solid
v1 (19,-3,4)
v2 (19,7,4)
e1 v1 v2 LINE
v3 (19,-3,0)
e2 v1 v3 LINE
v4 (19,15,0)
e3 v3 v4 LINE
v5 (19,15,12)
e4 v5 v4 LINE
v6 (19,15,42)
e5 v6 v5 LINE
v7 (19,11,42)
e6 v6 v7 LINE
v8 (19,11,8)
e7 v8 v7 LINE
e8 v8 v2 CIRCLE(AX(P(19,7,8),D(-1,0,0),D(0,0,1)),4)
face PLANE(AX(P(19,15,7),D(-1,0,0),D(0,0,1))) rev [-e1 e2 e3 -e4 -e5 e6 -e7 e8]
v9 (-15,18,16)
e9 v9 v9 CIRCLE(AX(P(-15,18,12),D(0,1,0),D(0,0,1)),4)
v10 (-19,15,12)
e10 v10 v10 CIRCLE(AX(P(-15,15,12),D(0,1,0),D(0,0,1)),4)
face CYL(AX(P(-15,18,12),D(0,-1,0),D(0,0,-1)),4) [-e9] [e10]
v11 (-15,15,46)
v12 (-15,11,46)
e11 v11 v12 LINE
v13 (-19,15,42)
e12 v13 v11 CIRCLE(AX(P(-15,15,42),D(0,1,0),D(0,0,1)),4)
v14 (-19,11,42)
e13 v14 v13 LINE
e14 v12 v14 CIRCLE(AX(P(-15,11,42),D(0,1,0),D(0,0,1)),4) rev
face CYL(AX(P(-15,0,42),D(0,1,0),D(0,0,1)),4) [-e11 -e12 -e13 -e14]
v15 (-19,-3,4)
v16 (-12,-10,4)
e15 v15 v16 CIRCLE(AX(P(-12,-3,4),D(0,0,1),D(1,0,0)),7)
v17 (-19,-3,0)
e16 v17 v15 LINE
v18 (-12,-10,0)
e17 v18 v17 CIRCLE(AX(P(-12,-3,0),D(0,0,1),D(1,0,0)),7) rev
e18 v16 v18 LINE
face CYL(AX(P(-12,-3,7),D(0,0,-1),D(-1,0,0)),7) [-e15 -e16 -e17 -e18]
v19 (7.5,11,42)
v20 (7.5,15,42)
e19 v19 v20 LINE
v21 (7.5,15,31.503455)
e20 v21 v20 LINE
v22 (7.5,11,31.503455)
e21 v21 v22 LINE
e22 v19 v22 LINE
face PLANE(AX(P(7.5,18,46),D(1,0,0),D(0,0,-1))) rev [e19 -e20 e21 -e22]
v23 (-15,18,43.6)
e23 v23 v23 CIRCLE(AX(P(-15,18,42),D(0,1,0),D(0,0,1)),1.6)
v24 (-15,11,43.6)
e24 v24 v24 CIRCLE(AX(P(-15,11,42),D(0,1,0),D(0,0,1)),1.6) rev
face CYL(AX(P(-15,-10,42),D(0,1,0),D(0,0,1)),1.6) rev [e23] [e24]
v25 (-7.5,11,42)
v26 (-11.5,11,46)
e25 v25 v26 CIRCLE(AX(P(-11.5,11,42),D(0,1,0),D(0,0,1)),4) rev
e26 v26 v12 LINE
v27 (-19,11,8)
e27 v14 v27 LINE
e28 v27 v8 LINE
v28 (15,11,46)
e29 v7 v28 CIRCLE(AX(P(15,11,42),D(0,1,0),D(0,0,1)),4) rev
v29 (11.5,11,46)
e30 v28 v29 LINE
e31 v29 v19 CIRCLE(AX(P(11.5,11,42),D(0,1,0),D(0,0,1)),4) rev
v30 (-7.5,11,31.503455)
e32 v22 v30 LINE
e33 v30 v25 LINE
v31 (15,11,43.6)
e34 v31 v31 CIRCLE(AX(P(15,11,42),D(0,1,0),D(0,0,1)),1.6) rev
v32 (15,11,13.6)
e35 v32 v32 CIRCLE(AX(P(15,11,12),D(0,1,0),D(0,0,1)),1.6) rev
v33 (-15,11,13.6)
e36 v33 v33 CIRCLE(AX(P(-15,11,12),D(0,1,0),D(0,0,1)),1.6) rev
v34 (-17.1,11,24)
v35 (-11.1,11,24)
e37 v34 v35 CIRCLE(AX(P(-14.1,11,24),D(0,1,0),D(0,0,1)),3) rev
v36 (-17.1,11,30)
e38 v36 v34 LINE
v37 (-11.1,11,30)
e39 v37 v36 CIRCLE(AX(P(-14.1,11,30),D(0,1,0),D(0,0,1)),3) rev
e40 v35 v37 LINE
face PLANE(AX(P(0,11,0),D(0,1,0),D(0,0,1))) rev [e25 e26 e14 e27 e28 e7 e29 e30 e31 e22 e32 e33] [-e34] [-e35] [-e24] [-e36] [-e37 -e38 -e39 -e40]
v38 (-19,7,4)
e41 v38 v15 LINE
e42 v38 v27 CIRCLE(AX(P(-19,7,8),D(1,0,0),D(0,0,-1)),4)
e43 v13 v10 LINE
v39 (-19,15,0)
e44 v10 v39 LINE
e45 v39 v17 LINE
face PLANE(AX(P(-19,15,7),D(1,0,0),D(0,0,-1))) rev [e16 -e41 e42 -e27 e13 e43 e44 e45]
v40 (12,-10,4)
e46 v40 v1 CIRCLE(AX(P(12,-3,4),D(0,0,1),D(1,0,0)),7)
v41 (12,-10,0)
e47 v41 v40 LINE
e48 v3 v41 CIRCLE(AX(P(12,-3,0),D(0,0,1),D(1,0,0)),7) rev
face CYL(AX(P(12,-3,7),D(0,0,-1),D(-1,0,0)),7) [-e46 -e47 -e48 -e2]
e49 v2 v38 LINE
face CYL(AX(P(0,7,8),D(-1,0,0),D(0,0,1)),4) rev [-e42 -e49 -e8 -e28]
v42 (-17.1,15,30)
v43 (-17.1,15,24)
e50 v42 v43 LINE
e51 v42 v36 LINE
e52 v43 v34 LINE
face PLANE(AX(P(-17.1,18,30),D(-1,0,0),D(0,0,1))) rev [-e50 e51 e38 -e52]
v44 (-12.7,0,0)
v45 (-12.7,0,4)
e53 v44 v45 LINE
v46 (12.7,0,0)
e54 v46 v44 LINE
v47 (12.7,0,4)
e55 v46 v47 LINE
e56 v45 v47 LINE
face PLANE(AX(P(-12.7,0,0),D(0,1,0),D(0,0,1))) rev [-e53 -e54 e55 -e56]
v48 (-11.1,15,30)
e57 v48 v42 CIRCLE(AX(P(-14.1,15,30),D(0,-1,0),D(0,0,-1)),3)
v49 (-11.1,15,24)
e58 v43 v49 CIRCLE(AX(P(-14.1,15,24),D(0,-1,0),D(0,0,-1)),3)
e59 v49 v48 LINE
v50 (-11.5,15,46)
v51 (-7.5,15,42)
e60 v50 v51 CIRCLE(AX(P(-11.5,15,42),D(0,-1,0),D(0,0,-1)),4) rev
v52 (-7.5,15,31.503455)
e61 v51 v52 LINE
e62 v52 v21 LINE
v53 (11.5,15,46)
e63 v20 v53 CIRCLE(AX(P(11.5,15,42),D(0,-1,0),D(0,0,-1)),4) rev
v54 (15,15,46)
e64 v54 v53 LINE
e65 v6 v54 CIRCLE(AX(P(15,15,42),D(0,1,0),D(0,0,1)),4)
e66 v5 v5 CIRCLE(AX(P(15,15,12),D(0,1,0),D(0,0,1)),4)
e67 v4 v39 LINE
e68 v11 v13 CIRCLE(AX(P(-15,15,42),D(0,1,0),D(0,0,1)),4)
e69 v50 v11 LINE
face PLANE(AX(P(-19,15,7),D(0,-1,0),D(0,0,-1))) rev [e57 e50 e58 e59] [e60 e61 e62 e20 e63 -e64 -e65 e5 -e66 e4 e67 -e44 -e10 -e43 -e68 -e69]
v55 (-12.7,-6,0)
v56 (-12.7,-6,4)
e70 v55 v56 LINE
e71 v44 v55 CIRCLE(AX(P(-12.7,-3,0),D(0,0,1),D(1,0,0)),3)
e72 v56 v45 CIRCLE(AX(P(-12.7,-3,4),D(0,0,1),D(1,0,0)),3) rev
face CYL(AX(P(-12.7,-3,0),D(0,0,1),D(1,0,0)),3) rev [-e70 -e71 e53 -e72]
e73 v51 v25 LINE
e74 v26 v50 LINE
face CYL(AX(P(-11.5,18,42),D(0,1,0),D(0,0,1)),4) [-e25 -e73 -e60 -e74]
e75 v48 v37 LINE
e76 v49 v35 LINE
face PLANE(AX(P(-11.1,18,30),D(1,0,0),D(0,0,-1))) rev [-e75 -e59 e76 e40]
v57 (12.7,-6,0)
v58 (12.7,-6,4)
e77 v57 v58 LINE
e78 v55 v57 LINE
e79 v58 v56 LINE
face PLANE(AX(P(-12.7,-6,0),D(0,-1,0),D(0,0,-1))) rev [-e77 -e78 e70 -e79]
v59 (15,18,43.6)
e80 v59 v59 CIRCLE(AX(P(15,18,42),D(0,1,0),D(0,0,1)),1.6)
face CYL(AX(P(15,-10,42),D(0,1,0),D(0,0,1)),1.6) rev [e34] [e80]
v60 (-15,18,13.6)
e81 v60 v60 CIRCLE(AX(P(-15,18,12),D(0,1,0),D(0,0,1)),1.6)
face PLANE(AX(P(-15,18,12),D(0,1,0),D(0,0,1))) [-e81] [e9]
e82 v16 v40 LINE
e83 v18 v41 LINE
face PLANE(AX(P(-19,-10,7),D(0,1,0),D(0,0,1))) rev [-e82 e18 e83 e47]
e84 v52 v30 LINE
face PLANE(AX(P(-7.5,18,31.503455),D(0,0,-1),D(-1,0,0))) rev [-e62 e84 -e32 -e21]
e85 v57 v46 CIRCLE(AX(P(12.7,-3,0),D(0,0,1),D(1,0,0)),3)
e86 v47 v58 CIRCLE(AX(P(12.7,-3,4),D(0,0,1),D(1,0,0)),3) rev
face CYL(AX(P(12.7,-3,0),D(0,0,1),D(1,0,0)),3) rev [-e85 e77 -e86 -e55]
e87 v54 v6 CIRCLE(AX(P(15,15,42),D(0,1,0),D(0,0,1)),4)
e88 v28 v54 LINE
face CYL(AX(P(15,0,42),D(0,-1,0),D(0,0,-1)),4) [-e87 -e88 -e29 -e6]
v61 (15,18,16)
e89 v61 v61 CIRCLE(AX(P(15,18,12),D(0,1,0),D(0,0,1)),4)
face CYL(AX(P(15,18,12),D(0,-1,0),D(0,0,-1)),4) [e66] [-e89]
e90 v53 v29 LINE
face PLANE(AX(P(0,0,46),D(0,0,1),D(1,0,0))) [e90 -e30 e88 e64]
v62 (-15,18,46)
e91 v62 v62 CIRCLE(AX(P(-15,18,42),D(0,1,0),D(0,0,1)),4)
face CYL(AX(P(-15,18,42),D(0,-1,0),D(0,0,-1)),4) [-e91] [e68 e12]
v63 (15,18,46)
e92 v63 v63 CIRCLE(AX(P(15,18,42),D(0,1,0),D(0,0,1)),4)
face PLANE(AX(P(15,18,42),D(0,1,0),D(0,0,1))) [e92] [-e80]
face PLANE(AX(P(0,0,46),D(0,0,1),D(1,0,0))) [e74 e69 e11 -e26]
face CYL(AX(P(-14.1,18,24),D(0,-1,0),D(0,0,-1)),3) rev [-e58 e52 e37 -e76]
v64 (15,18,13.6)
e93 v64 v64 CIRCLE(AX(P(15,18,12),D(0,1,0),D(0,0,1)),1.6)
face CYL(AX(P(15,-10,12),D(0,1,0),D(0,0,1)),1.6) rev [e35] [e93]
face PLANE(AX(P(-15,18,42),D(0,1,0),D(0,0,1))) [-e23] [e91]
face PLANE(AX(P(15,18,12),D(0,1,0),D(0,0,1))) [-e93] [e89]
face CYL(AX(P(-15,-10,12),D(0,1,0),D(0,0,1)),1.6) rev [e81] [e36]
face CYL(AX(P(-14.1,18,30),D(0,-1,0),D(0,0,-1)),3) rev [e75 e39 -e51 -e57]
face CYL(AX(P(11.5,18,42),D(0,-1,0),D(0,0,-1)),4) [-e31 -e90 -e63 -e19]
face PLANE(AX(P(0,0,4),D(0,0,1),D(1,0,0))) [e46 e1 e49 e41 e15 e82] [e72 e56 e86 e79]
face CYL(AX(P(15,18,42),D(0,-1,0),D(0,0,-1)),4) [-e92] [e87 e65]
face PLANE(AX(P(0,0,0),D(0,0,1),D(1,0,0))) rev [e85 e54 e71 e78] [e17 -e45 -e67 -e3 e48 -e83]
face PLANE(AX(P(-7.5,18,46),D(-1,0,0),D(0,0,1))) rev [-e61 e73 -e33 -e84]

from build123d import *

# Parameters (mm, degrees)
SKETCH1_W            = 38
SKETCH1_H            = 25
BOSS_EXTRUDE1_DEPTH  = 7
SKETCH2_W            = 38
SKETCH2_H            = 6
BOSS_EXTRUDE2_DEPTH  = 39
CUT_EXTRUDE2_DEPTH   = 46.90206967
SKETCH4_R            = 1.6
CUT_EXTRUDE3_DEPTH   = 56.695601263
BOSS_EXTRUDE3_START  = 3
SKETCH6_R            = 4
SKETCH6_R_2          = 1.6
BOSS_EXTRUDE3_DEPTH  = 3
LPATTERN2_COUNT      = 2
LPATTERN2_PITCH      = 30
LPATTERN2_COUNT_DIR2 = 2
LPATTERN2_PITCH_DIR2 = 30
CUT_EXTRUDE4_DEPTH   = 54.272882407
SKETCH8_W            = 15
SKETCH8_H            = 14.496545463
CUT_EXTRUDE5_DEPTH   = 54.272882407
CUT_EXTRUDE7_DEPTH   = 2
SKETCH9_W            = 38
SKETCH9_H            = 21
CUT_EXTRUDE6_DEPTH   = 3
FILLET1_R            = 4
FILLET2_R            = 4
FILLET3_R            = 7


with BuildPart() as part:
    # Sketch1 → Boss-Extrude1 (new body)
    with BuildSketch(Plane.XY):
        with Locations((0, 2.5)):
            Rectangle(SKETCH1_W, SKETCH1_H)
    extrude(amount=BOSS_EXTRUDE1_DEPTH)

    # Sketch2 → Boss-Extrude2 (add)
    with BuildSketch(Plane.XY.offset(7)):
        with Locations((0, 12)):
            Rectangle(SKETCH2_W, SKETCH2_H)
    extrude(amount=BOSS_EXTRUDE2_DEPTH)

    # Sketch3 → Cut-Extrude2 (cut, through all)
    with BuildSketch(Plane.XY.offset(7)):
        with BuildLine():
            Line((-12.7, 0), (12.7, 0))
            ThreePointArc((12.7, 0), (15.7, -3), (12.7, -6))
            Line((12.7, -6), (-12.7, -6))
            ThreePointArc((-12.7, -6), (-15.7, -3), (-12.7, 0))
        make_face()
    extrude(amount=-CUT_EXTRUDE2_DEPTH, mode=Mode.SUBTRACT)

    # Sketch4 → Cut-Extrude3 (cut, through all)
    with BuildSketch(Plane(origin=(0, 15, 0), x_dir=(1, 0, 0), z_dir=(0, 1, 0))):
        with Locations(Location((-15, -12, 0), (0, 0, 270))):
            Circle(SKETCH4_R)
    cut_extrude3 = extrude(amount=-CUT_EXTRUDE3_DEPTH, mode=Mode.SUBTRACT)

    # Sketch6 → Boss-Extrude3 (add)
    with BuildSketch(Plane(origin=(0, 15, 0), x_dir=(1, 0, 0), z_dir=(0, 1, 0)).offset(BOSS_EXTRUDE3_START)):
        with Locations(Location((-15, -12, 0), (0, 0, 180))):
            Circle(SKETCH6_R)
        with Locations(Location((-15, -12, 0), (0, 0, 270))):
            Circle(SKETCH6_R_2, mode=Mode.SUBTRACT)
    boss_extrude3 = extrude(amount=-BOSS_EXTRUDE3_DEPTH)

    # LPattern2: Cut-Extrude3, Boss-Extrude3 2 × 2
    with Locations(*[(i * LPATTERN2_PITCH, 0, j * LPATTERN2_PITCH_DIR2) for i in range(LPATTERN2_COUNT) for j in range(LPATTERN2_COUNT_DIR2) if (i, j) != (0, 0)]):
        add(cut_extrude3, mode=Mode.SUBTRACT)
        add(boss_extrude3)

    # Sketch7 → Cut-Extrude4 (cut, through all)
    with BuildSketch(Plane.XZ.offset(-9)):
        with BuildLine():
            Line((-11.1, 30), (-11.1, 24))
            ThreePointArc((-11.1, 24), (-14.1, 21), (-17.1, 24))
            Line((-17.1, 24), (-17.1, 30))
            ThreePointArc((-17.1, 30), (-14.1, 33), (-11.1, 30))
        make_face()
    extrude(amount=-CUT_EXTRUDE4_DEPTH, mode=Mode.SUBTRACT)

    # Sketch8 → Cut-Extrude5 (cut, through all)
    with BuildSketch(Plane.XZ.offset(-9)):
        with Locations((0, 38.751727269)):
            Rectangle(SKETCH8_W, SKETCH8_H)
    extrude(amount=-CUT_EXTRUDE5_DEPTH, mode=Mode.SUBTRACT)

    # Sketch10 → Cut-Extrude7 (cut)
    with BuildSketch(Plane.XZ.offset(-9)):
        Polygon((7.5, 31.503454537), (-7.5, 31.503454537), (-7.5, 46), (-19, 46), (-19, 7), (19, 7), (19, 46), (7.5, 46), align=None)
    extrude(amount=-CUT_EXTRUDE7_DEPTH, mode=Mode.SUBTRACT)

    # Sketch9 → Cut-Extrude6 (cut)
    with BuildSketch(Plane.XY.offset(7)):
        with Locations((0, 0.5)):
            Rectangle(SKETCH9_W, SKETCH9_H)
    extrude(amount=-CUT_EXTRUDE6_DEPTH, mode=Mode.SUBTRACT)

    # Fillet1
    fillet1_edges = [part.edges().sort_by_distance(p)[0] for p in [
        (0, 11, 4),
    ]]
    fillet(fillet1_edges, radius=FILLET1_R)

    # Fillet2
    fillet2_edges = [part.edges().sort_by_distance(p)[0] for p in [
        (-19, 13, 46),
        (19, 13, 46),
        (-7.5, 13, 46),
        (7.5, 13, 46),
    ]]
    fillet(fillet2_edges, radius=FILLET2_R)

    # Fillet3
    fillet3_edges = [part.edges().sort_by_distance(p)[0] for p in [
        (19, -10, 2),
        (-19, -10, 2),
    ]]
    fillet(fillet3_edges, radius=FILLET3_R)


solid = part.part
